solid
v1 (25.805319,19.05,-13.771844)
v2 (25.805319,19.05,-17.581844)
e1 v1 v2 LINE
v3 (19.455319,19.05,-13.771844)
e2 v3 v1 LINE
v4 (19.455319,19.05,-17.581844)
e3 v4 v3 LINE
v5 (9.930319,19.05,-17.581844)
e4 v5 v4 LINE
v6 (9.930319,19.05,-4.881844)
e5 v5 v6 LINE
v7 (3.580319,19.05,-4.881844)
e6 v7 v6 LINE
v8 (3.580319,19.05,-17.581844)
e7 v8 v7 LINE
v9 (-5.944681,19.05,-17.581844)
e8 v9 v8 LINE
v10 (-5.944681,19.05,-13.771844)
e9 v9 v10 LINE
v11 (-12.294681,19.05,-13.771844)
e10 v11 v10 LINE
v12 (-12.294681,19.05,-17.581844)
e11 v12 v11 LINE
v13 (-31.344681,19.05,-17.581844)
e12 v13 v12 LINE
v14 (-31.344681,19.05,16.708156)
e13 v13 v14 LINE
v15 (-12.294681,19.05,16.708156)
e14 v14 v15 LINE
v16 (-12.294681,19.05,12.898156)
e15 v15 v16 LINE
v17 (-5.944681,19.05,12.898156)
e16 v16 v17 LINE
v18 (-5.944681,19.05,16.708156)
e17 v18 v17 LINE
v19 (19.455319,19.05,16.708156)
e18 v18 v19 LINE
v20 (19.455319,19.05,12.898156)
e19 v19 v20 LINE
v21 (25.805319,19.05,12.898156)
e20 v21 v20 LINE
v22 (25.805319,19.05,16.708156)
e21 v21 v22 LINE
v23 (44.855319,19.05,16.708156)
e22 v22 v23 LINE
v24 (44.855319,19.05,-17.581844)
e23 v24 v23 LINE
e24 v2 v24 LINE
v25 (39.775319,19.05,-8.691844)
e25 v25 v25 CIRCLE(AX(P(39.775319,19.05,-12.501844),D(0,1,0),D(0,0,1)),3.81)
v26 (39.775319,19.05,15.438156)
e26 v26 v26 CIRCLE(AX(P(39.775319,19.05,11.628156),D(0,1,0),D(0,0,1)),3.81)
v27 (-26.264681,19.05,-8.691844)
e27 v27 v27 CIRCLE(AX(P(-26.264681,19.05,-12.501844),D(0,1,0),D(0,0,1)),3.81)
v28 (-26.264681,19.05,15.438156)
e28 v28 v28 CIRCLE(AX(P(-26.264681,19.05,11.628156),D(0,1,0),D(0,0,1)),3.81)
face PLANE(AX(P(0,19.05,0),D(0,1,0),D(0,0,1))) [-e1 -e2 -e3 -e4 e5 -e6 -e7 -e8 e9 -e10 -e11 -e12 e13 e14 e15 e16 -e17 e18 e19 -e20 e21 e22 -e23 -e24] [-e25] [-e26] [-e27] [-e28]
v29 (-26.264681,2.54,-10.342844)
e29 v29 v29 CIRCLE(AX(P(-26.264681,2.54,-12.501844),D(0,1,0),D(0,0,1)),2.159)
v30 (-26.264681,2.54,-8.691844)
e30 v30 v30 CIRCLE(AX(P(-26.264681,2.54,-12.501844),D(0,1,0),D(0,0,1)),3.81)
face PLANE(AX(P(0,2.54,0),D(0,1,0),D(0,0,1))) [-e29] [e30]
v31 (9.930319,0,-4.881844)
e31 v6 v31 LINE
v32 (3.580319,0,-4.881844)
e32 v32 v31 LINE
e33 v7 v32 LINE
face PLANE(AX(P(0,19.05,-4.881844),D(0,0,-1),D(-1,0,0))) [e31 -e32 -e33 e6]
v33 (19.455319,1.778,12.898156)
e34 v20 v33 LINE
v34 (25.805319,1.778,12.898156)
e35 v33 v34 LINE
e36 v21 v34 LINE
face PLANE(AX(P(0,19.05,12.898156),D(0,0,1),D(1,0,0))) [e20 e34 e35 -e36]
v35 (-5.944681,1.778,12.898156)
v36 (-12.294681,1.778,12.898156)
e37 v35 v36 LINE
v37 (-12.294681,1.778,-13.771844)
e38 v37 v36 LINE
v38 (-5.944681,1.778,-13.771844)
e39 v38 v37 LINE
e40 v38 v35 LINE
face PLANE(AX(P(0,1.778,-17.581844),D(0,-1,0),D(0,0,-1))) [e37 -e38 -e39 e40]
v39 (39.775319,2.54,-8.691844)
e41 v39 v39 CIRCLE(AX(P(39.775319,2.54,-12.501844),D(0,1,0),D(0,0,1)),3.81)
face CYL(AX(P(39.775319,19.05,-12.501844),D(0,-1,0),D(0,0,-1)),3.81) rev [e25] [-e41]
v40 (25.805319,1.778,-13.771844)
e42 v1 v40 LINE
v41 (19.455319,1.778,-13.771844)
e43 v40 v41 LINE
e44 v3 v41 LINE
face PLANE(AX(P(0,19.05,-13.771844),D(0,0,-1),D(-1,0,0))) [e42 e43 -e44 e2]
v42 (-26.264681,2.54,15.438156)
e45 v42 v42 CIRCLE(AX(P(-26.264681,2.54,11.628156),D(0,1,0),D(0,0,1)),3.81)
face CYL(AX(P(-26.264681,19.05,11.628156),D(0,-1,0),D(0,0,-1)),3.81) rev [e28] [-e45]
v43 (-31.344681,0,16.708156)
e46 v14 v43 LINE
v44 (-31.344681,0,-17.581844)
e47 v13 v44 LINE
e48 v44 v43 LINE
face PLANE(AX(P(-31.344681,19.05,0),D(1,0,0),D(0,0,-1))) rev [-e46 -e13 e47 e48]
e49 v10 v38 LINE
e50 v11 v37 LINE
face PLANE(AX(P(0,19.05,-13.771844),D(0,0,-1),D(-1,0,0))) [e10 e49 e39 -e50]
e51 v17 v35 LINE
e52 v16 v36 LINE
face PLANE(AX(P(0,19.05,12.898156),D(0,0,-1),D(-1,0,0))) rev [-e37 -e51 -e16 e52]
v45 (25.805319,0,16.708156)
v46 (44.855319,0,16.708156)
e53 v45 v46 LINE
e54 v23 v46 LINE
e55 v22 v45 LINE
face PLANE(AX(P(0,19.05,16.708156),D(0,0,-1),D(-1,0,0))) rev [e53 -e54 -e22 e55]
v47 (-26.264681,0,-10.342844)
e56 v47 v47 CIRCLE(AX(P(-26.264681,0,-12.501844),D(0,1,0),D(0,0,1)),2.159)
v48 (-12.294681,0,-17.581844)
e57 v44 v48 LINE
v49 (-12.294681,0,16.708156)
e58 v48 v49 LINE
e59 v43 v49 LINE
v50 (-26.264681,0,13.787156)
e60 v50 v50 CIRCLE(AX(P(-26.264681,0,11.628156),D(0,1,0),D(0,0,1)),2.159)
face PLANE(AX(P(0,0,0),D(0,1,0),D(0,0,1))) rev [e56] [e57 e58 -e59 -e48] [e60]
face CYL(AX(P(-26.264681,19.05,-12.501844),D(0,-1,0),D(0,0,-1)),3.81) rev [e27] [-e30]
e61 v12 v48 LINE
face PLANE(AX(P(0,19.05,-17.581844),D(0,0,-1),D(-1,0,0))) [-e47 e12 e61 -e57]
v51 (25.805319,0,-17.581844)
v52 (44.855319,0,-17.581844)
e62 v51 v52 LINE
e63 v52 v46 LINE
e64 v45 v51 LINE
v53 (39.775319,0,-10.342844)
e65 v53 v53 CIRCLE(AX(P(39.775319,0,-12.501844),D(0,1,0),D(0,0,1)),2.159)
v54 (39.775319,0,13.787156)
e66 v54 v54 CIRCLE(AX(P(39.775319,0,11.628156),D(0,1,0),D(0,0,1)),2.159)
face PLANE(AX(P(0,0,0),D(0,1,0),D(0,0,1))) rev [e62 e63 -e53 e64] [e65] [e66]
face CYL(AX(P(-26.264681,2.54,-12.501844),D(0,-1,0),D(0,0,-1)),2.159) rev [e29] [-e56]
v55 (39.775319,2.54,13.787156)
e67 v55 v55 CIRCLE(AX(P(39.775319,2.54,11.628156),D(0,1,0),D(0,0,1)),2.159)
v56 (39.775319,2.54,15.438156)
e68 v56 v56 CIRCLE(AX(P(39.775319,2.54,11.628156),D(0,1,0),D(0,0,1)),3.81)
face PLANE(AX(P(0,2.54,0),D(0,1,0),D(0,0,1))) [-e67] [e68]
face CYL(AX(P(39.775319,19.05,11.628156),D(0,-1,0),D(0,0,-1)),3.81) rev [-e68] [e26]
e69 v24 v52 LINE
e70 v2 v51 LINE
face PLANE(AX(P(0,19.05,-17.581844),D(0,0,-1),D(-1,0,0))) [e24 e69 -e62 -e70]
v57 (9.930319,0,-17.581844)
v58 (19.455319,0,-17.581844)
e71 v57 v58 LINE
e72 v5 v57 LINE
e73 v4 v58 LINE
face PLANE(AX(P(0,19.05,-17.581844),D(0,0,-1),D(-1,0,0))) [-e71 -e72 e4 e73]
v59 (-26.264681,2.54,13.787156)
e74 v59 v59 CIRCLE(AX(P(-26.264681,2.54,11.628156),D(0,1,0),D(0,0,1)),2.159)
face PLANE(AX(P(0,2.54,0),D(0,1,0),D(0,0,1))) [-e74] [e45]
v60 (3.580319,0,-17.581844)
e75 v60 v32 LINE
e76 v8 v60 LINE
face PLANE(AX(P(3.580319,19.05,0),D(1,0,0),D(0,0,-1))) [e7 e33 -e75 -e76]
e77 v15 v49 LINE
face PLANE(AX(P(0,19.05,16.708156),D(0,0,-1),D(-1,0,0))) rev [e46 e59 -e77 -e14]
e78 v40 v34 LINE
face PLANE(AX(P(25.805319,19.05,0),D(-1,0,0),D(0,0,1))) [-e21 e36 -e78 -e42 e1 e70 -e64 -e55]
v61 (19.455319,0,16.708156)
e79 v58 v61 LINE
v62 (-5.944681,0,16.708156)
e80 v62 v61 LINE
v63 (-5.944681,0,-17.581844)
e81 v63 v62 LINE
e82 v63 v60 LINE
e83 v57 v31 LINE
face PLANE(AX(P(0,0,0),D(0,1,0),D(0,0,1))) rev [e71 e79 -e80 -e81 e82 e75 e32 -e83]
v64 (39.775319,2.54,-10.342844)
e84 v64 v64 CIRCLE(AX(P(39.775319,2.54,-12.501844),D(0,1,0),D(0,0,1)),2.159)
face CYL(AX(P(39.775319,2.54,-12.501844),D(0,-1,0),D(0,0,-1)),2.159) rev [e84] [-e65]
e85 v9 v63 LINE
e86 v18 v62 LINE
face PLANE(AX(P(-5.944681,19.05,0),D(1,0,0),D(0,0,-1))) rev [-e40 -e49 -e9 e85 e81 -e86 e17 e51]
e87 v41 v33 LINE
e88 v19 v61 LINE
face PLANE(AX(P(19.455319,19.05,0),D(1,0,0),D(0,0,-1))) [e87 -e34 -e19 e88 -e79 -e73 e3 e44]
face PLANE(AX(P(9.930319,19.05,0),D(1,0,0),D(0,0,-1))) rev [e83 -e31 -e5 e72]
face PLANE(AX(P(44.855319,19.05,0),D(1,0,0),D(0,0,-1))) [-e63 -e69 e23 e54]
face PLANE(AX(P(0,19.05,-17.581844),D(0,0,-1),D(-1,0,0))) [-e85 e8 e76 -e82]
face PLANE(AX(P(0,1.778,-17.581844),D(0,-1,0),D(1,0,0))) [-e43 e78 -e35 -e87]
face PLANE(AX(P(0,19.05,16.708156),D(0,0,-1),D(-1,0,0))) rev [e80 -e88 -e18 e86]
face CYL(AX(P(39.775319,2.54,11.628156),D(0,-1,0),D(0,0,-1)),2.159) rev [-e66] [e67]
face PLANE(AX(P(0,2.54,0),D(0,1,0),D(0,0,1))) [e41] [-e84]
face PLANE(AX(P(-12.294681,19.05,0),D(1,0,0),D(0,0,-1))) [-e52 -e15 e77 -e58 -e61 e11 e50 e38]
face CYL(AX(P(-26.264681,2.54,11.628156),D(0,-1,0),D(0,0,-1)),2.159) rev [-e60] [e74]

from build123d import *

# Parameters (mm, degrees)
SKETCH1_R           = 3.81
BOSS_EXTRUDE1_DEPTH = 19.05
SKETCH1_3_R         = 3.81
SKETCH1_3_R_2       = 2.159
BOSS_EXTRUDE2_DEPTH = 2.54
SKETCH2_W           = 6.35
SKETCH2_H           = 1.778
CUT_EXTRUDE2_DEPTH  = 60.587802913


with BuildPart() as part:
    # Sketch1 → Boss-Extrude1 (new body)
    with BuildSketch(Plane(origin=(0, 0, 0), x_dir=(1, 0, 0), z_dir=(0, 1, 0))):
        Polygon((-12.294680851, 17.581843972), (-31.344680851, 17.581843972), (-31.344680851, -16.708156028), (-12.294680851, -16.708156028), (-12.294680851, -12.898156028), (-5.944680851, -12.898156028), (-5.944680851, -16.708156028), (19.455319149, -16.708156028), (19.455319149, -12.898156028), (25.805319149, -12.898156028), (25.805319149, -16.708156028), (44.855319149, -16.708156028), (44.855319149, 17.581843972), (25.805319149, 17.581843972), (25.805319149, 13.771843972), (19.455319149, 13.771843972), (19.455319149, 17.581843972), (9.930319149, 17.581843972), (9.930319149, 4.881843972), (3.580319149, 4.881843972), (3.580319149, 17.581843972), (-5.944680851, 17.581843972), (-5.944680851, 13.771843972), (-12.294680851, 13.771843972), align=None)
        with Locations((-26.264680851, 12.501843972)):
            Circle(SKETCH1_R, mode=Mode.SUBTRACT)
        with Locations((39.775319149, 12.501843972)):
            Circle(SKETCH1_R, mode=Mode.SUBTRACT)
        with Locations((39.775319149, -11.628156028)):
            Circle(SKETCH1_R, mode=Mode.SUBTRACT)
        with Locations((-26.264680851, -11.628156028)):
            Circle(SKETCH1_R, mode=Mode.SUBTRACT)
    extrude(amount=BOSS_EXTRUDE1_DEPTH)

    # Sketch1<3> → Boss-Extrude2 (add)
    # profile 1 of 4: a face of its own
    with BuildSketch(Plane(origin=(0, 0, 0), x_dir=(1, 0, 0), z_dir=(0, 1, 0))):
        with Locations((-26.264680851, 12.501843972)):
            Circle(SKETCH1_3_R)
        with Locations((-26.264680851, 12.501843972)):
            Circle(SKETCH1_3_R_2, mode=Mode.SUBTRACT)
    # profile 2 of 4: a face of its own
    with BuildSketch(Plane(origin=(0, 0, 0), x_dir=(1, 0, 0), z_dir=(0, 1, 0))):
        with Locations((39.775319149, 12.501843972)):
            Circle(SKETCH1_3_R)
        with Locations((39.775319149, 12.501843972)):
            Circle(SKETCH1_3_R_2, mode=Mode.SUBTRACT)
    # profile 3 of 4: a face of its own
    with BuildSketch(Plane(origin=(0, 0, 0), x_dir=(1, 0, 0), z_dir=(0, 1, 0))):
        with Locations((-26.264680851, -11.628156028)):
            Circle(SKETCH1_3_R)
        with Locations((-26.264680851, -11.628156028)):
            Circle(SKETCH1_3_R_2, mode=Mode.SUBTRACT)
    # profile 4 of 4: a face of its own
    with BuildSketch(Plane(origin=(0, 0, 0), x_dir=(1, 0, 0), z_dir=(0, 1, 0))):
        with Locations((39.775319149, -11.628156028)):
            Circle(SKETCH1_3_R)
        with Locations((39.775319149, -11.628156028)):
            Circle(SKETCH1_3_R_2, mode=Mode.SUBTRACT)
    extrude(amount=BOSS_EXTRUDE2_DEPTH)

    # Sketch2 → Cut-Extrude2 (cut, through all)
    with BuildSketch(Plane.XY.offset(16.708156028)):
        with Locations((-9.119680851, 0.889)):
            Rectangle(SKETCH2_W, SKETCH2_H)
        with Locations((22.630319149, 0.889)):
            Rectangle(SKETCH2_W, SKETCH2_H)
    extrude(amount=-CUT_EXTRUDE2_DEPTH, mode=Mode.SUBTRACT)


solid = part.part
